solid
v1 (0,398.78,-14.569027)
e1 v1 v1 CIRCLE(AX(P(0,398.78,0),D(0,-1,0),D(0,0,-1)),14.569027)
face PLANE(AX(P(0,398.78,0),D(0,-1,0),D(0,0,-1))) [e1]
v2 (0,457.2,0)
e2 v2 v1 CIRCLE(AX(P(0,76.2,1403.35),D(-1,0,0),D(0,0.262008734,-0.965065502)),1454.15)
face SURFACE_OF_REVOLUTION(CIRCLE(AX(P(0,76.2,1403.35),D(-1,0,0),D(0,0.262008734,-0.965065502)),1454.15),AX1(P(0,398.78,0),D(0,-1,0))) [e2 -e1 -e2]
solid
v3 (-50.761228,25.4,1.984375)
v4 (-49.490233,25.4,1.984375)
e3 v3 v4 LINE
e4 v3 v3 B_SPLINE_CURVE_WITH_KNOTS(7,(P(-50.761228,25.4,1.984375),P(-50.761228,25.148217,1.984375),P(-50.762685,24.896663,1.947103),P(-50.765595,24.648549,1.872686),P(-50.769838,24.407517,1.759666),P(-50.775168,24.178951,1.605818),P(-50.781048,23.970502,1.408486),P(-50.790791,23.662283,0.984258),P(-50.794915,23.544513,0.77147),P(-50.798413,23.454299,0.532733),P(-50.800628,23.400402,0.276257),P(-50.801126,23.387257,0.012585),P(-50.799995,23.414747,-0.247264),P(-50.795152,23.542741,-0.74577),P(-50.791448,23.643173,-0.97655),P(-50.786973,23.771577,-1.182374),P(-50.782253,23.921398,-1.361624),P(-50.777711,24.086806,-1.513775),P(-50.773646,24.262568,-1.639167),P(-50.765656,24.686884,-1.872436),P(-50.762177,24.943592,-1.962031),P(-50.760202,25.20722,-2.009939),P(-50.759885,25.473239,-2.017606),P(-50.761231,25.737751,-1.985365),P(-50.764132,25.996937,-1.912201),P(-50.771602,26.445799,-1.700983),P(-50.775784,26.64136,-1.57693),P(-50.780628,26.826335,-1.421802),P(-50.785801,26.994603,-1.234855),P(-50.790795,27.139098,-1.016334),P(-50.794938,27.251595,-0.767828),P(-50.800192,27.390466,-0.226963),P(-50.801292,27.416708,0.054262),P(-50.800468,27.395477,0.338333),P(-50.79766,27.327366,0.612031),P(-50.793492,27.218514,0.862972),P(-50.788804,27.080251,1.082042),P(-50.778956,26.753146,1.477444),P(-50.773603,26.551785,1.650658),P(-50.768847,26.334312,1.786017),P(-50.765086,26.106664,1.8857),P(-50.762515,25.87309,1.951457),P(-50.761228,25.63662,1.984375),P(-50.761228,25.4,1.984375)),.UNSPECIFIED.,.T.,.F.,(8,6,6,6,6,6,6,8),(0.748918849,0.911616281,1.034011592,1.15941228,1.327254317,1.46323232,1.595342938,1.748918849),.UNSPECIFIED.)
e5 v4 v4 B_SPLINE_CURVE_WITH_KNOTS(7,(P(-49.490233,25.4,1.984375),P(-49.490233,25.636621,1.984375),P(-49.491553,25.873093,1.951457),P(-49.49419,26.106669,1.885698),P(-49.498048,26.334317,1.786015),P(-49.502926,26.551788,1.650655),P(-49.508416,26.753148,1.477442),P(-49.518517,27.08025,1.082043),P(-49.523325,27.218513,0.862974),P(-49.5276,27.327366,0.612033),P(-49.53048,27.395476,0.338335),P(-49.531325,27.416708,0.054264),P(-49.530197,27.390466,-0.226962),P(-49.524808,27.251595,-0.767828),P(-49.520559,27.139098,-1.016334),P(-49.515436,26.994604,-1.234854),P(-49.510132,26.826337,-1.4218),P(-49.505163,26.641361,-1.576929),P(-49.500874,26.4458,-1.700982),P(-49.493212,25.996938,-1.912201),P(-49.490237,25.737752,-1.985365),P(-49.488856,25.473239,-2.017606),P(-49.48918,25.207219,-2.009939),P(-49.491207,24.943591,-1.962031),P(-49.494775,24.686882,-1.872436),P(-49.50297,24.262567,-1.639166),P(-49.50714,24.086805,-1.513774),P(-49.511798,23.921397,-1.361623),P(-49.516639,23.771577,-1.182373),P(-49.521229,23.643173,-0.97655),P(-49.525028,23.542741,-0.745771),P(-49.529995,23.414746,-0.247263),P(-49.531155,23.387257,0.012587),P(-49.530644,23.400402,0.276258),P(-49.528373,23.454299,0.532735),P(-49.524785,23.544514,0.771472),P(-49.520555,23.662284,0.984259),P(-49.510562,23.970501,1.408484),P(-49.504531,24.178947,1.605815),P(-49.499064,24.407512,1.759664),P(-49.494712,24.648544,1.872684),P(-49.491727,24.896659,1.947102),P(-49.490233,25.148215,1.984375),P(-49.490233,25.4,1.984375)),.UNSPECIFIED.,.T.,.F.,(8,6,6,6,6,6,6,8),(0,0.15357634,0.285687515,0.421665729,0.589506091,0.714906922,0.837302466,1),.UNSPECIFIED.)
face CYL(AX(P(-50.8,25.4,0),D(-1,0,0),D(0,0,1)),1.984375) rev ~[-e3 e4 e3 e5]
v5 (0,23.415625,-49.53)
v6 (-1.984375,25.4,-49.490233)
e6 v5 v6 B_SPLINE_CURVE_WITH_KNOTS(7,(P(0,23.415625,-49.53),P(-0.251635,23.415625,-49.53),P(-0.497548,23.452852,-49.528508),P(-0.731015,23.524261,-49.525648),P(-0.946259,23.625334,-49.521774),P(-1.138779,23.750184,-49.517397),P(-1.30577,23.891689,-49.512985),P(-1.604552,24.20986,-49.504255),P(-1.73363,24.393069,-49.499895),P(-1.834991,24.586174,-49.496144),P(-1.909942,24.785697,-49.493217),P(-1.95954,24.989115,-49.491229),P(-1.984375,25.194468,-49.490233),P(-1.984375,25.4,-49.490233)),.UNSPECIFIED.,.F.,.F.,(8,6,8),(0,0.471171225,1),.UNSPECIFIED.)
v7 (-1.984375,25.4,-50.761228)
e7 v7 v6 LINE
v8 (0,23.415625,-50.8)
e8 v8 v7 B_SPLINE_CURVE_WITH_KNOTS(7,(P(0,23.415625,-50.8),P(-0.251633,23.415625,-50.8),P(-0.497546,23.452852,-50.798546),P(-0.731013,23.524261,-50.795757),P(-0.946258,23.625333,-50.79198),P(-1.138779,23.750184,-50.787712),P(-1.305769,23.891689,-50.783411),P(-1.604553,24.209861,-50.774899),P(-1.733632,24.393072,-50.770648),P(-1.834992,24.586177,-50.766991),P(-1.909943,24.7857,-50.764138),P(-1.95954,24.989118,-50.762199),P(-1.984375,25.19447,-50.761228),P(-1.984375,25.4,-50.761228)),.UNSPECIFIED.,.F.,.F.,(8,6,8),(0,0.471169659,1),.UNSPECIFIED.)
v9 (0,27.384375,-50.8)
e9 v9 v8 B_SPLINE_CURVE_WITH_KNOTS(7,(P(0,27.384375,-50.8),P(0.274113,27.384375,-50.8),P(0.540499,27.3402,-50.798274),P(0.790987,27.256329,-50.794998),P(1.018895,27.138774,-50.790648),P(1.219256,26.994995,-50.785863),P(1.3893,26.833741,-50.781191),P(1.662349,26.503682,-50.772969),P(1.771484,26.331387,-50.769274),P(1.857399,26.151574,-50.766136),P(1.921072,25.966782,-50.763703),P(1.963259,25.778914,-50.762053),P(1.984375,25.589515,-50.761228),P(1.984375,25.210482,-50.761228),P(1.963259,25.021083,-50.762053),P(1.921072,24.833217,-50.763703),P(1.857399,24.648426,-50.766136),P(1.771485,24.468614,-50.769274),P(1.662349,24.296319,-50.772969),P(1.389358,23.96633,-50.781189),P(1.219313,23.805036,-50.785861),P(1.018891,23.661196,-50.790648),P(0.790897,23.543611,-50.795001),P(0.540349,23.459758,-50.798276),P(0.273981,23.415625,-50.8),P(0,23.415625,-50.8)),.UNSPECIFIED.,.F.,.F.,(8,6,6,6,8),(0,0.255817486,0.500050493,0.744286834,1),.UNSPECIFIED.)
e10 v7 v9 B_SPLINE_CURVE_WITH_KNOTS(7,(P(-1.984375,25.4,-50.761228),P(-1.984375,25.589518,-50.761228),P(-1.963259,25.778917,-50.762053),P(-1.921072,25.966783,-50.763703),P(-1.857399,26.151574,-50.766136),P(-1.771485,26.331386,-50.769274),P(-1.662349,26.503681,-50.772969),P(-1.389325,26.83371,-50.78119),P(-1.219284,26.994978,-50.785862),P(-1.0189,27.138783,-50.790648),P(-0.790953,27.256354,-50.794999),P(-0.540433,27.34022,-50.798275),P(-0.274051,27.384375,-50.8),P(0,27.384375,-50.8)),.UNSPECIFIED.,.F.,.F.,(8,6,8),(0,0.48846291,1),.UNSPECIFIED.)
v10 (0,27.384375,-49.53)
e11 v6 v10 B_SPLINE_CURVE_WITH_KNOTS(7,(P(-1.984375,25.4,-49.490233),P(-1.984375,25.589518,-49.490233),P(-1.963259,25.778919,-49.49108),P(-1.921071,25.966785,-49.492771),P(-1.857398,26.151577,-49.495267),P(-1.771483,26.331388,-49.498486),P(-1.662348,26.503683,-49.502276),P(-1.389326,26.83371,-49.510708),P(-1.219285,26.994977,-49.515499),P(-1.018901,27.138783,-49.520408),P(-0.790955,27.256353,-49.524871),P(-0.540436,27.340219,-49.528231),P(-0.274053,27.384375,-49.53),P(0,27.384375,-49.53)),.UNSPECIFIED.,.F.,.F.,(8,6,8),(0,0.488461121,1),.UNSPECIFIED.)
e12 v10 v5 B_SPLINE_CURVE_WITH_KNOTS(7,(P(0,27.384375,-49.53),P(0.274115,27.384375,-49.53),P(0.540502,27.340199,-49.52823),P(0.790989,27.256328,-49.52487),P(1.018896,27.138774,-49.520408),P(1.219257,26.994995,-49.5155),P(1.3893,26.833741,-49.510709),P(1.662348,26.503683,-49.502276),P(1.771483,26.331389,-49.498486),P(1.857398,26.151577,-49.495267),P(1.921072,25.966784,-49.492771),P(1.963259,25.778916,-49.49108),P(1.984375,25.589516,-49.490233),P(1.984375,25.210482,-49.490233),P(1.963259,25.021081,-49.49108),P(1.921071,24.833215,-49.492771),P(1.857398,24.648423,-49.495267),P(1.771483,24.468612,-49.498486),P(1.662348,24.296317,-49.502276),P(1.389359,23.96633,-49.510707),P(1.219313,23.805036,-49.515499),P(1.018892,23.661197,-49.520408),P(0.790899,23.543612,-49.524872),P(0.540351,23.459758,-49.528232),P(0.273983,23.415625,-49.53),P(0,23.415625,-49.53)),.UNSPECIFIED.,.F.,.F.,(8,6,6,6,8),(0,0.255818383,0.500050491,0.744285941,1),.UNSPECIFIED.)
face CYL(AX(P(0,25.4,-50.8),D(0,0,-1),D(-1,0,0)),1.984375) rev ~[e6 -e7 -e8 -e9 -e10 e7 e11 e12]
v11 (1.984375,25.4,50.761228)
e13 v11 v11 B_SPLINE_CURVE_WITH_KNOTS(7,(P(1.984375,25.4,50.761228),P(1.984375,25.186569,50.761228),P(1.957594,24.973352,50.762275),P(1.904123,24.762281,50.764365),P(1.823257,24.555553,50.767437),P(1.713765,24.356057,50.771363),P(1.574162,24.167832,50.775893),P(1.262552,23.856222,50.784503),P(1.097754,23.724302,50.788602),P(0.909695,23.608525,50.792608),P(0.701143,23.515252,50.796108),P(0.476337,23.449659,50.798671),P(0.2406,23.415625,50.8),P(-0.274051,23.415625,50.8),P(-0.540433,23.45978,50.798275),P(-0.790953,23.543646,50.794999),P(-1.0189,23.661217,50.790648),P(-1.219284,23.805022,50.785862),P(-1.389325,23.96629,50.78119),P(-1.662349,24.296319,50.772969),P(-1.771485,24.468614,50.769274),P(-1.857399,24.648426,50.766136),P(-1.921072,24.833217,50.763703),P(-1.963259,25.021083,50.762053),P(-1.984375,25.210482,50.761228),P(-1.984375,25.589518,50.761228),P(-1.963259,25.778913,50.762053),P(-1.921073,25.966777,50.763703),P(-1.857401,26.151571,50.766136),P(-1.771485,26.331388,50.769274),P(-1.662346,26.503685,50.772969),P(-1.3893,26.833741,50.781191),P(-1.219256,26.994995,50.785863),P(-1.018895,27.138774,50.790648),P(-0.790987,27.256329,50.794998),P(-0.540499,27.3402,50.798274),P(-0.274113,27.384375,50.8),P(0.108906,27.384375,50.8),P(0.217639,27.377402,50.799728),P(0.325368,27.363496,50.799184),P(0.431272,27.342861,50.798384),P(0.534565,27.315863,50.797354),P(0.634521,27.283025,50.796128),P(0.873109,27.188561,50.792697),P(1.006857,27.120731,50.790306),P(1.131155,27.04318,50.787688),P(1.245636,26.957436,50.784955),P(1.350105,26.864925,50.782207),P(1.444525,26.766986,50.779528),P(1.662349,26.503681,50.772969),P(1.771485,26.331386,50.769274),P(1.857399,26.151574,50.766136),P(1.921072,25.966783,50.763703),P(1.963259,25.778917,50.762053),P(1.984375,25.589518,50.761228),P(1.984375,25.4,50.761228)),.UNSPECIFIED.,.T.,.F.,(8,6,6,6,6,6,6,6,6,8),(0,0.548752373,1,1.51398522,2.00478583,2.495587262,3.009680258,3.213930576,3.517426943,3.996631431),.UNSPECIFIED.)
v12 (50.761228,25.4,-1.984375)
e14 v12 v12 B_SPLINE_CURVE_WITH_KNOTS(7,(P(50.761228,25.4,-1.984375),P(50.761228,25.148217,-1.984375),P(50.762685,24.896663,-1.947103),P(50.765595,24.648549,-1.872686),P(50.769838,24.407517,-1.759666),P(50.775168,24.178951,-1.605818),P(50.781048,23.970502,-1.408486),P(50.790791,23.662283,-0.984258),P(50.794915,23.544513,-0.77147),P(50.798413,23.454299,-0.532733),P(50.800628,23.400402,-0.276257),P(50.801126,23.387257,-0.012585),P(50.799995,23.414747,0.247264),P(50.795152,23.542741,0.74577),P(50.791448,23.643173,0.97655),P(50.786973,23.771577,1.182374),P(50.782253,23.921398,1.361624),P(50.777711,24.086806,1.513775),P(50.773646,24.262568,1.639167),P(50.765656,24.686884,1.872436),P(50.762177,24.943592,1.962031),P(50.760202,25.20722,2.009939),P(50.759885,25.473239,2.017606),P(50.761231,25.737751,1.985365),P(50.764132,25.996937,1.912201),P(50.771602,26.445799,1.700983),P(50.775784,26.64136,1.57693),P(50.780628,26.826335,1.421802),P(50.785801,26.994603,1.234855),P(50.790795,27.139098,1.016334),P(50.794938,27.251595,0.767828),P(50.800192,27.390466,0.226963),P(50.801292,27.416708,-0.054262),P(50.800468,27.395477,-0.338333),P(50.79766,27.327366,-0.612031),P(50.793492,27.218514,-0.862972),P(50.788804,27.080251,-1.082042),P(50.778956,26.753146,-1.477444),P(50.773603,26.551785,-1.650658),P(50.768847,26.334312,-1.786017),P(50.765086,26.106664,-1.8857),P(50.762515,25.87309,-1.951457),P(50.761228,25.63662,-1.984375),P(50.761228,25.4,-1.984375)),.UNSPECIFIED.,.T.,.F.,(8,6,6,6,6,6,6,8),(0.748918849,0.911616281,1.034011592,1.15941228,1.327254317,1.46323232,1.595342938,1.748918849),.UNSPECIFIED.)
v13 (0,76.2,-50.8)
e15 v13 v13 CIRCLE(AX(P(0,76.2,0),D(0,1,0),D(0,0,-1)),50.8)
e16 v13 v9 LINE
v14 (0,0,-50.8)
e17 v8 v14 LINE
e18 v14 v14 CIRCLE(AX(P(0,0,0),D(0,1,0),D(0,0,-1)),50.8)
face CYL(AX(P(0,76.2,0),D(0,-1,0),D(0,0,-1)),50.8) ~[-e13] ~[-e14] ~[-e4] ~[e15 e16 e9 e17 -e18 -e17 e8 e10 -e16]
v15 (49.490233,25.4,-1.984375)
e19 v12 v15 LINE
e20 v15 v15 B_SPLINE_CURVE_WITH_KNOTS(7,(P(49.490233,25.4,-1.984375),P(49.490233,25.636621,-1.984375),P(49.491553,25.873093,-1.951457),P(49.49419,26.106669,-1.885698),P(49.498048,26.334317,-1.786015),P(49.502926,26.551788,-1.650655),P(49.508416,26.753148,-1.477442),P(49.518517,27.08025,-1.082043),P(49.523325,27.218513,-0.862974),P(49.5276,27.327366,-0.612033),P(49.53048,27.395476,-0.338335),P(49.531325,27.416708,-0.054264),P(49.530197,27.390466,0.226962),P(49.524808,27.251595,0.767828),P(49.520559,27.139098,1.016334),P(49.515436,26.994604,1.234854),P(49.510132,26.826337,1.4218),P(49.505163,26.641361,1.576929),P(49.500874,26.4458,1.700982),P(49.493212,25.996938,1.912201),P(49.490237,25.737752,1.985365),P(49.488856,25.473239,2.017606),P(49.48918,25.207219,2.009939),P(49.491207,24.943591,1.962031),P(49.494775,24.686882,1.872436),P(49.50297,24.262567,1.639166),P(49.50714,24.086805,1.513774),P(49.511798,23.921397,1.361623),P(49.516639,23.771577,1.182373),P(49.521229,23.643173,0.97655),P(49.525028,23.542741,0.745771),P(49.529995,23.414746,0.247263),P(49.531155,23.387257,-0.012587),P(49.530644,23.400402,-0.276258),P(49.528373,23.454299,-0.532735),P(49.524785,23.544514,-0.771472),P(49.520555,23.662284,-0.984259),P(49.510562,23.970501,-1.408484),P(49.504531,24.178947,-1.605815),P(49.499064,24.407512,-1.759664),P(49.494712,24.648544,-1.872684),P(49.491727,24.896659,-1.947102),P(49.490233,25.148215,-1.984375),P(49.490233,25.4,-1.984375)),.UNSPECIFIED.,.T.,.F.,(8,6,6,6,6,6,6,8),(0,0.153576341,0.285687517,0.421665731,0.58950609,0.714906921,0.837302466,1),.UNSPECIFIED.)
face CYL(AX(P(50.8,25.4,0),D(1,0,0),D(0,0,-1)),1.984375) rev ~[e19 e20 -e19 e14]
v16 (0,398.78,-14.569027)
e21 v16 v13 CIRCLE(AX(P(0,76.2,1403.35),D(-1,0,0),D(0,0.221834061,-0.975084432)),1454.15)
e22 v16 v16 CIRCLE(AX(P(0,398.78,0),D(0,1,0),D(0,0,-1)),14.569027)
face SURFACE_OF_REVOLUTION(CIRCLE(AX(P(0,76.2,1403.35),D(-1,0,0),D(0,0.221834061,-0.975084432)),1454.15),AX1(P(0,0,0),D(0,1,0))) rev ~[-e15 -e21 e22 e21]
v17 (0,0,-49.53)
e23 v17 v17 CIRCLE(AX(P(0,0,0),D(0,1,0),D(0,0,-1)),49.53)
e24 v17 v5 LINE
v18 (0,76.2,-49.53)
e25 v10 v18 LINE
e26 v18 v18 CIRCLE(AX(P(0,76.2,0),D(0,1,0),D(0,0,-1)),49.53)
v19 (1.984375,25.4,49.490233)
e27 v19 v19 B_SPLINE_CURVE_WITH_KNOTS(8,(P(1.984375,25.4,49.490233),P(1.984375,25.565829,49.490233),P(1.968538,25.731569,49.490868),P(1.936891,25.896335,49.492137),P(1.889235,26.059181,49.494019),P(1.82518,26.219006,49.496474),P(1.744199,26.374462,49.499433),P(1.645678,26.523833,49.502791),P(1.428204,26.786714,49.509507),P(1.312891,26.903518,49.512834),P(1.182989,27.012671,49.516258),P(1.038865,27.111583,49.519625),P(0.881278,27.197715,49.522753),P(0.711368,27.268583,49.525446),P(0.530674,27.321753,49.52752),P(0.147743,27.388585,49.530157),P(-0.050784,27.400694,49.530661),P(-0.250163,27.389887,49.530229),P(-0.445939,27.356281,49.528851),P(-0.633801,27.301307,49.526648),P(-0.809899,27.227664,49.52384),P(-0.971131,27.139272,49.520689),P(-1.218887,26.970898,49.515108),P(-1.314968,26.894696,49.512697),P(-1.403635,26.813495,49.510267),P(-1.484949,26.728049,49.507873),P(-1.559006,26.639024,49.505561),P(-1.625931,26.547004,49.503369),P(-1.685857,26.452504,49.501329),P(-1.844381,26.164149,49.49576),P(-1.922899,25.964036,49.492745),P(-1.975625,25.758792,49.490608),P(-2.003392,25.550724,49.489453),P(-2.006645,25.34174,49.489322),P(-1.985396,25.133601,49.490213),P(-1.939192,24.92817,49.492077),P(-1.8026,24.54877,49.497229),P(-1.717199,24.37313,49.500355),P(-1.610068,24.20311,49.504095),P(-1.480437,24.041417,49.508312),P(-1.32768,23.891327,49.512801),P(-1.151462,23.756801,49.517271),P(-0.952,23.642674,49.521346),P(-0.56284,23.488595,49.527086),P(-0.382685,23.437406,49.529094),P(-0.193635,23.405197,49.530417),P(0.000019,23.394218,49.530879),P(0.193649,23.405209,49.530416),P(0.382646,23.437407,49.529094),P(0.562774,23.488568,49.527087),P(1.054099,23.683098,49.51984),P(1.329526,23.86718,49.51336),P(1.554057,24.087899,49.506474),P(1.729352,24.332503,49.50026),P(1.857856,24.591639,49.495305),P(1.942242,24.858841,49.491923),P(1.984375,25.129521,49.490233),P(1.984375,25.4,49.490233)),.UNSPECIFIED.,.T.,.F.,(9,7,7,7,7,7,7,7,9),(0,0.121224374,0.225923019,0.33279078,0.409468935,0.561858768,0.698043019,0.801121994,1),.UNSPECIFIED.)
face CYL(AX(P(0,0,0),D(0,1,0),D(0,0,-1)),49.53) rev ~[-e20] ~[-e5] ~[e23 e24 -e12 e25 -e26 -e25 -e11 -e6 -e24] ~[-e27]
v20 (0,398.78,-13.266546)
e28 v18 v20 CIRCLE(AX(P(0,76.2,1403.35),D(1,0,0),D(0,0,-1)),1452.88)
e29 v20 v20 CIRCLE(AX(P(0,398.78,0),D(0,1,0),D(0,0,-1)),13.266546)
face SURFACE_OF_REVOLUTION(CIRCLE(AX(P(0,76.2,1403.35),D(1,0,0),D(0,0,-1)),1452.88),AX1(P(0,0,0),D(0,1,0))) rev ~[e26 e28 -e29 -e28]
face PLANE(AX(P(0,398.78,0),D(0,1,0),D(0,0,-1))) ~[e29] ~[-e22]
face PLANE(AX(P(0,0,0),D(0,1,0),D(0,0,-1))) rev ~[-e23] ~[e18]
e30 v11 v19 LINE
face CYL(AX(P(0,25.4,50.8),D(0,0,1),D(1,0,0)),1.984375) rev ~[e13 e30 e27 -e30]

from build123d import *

# Parameters (mm, degrees)
SKETCH5_R          = 1.984375
CUT_EXTRUDE1_DEPTH = 12.7
CIRPATTERN1_COUNT  = 4


with BuildPart() as part:
    # Sketch1 → Revolve4 (revolve)
    with BuildSketch(Plane.XY, mode=Mode.PRIVATE) as revolve4_sk:
        with BuildLine():
            Line((-50.8, 76.2), (-50.8, 0))
            Line((-50.8, 0), (-49.53, 0))
            Line((-49.53, 0), (-49.53, 76.2))
            ThreePointArc((-49.53, 76.2), (-40.43567342, 238.505956843), (-13.266545858, 398.78))
            Line((-13.266545858, 398.78), (-14.569026637, 398.78))
            ThreePointArc((-14.569026637, 398.78), (-41.71386971, 238.504143378), (-50.8, 76.2))
        make_face()
    revolve(revolve4_sk.sketch.rotate(Axis((0, 0, 0), (0, 1, 0)), 270), axis=Axis((0, 0, 0), (0, 1, 0)))

    # Sketch5 → Cut-Extrude1 (cut)
    with BuildSketch(Plane(origin=(-80.274174728, -85.965568301, 50.8), x_dir=(1, 0, 0), z_dir=(0, 0, 1))):
        with Locations((80.274174728, 111.365568301)):
            Circle(SKETCH5_R)
    cut_extrude1 = extrude(amount=-CUT_EXTRUDE1_DEPTH, mode=Mode.SUBTRACT)

    # CirPattern1: Cut-Extrude1 ×4 about axis
    cirpattern1_axis = Axis((0, 0, 0), (0, -1, 0))
    for i in range(1, CIRPATTERN1_COUNT):
        add(cut_extrude1.rotate(cirpattern1_axis, i * 360 / CIRPATTERN1_COUNT), mode=Mode.SUBTRACT)


with BuildPart() as body_2:
    # Sketch4 → Revolve5 (revolve)
    with BuildSketch(Plane.XY, mode=Mode.PRIVATE) as revolve5_sk:
        with BuildLine():
            Line((0, 398.78), (0, 457.2))
            ThreePointArc((0, 457.2), (-7.58690655, 428.065412103), (-14.569026637, 398.78))
            Line((-14.569026637, 398.78), (0, 398.78))
        make_face()
    revolve(revolve5_sk.sketch.rotate(Axis((0, 398.78, 0), (0, -1, 0)), 90), axis=Axis((0, 398.78, 0), (0, -1, 0)))


solid = Compound([part.part, body_2.part])
